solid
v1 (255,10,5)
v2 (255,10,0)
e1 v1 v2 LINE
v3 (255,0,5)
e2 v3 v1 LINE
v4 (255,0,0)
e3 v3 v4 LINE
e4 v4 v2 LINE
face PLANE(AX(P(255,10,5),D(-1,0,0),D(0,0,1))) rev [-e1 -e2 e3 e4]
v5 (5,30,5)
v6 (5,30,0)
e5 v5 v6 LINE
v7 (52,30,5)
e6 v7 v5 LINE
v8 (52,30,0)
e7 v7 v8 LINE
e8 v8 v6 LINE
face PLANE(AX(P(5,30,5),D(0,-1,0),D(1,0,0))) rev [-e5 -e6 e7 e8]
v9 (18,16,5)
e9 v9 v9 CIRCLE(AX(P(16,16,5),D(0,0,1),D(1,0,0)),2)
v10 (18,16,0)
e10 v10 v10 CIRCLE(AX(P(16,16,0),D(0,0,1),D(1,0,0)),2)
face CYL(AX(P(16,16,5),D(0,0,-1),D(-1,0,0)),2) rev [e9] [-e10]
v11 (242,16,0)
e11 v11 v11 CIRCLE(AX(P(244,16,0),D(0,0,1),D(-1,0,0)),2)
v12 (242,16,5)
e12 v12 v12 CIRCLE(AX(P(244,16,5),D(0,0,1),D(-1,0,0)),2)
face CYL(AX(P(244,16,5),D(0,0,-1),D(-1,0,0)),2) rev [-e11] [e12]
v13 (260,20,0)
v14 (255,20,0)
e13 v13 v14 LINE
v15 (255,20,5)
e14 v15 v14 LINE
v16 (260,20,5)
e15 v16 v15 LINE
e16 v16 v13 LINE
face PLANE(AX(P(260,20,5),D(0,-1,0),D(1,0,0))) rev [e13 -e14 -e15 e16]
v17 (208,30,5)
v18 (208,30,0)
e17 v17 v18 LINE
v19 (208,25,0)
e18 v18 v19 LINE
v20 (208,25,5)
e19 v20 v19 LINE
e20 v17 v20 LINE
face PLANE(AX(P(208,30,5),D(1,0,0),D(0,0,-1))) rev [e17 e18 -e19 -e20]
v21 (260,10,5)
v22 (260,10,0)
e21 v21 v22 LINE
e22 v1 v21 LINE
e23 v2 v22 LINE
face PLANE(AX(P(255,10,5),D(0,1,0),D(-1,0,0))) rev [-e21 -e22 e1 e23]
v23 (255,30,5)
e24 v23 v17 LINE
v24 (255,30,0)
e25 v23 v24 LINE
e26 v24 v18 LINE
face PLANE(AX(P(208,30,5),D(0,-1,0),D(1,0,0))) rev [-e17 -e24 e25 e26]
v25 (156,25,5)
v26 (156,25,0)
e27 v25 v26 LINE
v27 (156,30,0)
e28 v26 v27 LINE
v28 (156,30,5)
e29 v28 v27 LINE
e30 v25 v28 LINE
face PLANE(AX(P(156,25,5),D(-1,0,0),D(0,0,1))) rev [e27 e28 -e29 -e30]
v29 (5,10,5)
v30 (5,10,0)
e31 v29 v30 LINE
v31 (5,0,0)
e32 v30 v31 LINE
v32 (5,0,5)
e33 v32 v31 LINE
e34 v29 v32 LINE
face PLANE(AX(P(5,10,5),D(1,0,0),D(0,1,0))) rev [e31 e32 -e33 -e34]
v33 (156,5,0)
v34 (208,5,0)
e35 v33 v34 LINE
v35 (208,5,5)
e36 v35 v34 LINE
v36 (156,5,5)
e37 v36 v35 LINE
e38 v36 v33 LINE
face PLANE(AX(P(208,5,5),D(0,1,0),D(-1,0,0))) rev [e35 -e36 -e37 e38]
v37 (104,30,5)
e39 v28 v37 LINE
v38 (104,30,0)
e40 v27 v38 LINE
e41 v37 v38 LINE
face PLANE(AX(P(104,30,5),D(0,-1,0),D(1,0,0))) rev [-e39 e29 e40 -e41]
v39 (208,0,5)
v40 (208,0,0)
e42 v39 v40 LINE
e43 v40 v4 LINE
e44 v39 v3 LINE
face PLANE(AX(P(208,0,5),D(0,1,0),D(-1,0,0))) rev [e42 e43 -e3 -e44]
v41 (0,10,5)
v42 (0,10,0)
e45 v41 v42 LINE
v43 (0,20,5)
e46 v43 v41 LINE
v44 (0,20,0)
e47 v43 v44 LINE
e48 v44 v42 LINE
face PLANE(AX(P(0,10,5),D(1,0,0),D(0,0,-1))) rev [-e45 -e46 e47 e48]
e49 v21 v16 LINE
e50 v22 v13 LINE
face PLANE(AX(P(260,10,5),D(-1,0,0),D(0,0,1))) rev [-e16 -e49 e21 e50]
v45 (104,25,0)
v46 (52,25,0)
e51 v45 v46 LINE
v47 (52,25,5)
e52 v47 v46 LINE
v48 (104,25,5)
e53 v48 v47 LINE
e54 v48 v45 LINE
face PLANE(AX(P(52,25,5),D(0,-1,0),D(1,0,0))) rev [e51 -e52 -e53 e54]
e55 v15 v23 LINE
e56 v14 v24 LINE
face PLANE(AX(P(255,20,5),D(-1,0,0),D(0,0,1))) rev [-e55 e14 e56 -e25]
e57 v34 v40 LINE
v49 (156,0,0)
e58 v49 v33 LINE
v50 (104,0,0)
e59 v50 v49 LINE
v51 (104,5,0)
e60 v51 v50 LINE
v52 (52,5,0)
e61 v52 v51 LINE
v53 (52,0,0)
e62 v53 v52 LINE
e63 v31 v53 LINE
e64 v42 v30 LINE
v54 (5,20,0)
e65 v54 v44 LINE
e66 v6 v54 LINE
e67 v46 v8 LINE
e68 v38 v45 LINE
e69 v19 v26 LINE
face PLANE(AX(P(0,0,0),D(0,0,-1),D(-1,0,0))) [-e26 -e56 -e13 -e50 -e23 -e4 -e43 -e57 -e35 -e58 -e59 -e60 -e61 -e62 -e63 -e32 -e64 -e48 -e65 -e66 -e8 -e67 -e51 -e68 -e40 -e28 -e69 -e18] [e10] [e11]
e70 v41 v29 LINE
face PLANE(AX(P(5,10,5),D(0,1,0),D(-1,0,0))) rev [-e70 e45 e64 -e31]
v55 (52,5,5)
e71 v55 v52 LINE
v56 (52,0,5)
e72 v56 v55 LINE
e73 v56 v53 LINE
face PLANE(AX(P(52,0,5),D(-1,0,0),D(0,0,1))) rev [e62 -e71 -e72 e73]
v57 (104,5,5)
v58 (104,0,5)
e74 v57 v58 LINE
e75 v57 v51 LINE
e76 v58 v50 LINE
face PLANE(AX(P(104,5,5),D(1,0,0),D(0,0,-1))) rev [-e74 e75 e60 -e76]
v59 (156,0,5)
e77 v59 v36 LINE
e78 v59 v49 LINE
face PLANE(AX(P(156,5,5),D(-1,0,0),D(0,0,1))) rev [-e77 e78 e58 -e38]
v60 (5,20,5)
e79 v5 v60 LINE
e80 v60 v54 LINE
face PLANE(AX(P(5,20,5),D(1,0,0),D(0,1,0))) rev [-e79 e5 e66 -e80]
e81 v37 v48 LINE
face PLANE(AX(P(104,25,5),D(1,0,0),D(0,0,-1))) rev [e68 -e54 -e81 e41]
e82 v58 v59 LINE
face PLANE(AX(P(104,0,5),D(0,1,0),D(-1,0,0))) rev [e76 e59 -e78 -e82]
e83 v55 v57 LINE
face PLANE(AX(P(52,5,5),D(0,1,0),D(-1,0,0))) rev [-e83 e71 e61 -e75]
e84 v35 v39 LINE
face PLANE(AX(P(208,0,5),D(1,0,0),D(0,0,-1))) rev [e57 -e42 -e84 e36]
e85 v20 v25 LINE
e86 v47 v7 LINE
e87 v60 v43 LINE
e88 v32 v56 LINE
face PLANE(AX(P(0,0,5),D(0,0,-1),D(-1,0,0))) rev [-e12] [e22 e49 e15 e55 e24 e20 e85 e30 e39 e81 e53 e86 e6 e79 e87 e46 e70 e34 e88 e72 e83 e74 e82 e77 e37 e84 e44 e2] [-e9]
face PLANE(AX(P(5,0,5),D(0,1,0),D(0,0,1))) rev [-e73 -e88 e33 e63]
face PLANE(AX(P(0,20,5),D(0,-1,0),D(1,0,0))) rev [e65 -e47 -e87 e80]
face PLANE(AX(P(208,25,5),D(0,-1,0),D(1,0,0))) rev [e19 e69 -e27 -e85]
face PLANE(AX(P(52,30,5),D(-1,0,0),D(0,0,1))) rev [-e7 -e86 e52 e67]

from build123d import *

# Parameters (mm, degrees)
CROQUIS1_R              = 2
SALIENTE_EXTRUIR1_DEPTH = 5


with BuildPart() as part:
    # Croquis1 → Saliente-Extruir1 (new body)
    with BuildSketch(Plane.XY):
        Polygon((0, 20), (5, 20), (5, 30), (52, 30), (52, 25), (104, 25), (104, 30), (156, 30), (156, 25), (208, 25), (208, 30), (255, 30), (255, 20), (260, 20), (260, 10), (255, 10), (255, 0), (208, 0), (208, 5), (156, 5), (156, 0), (104, 0), (104, 5), (52, 5), (52, 0), (5, 0), (5, 10), (0, 10), align=None)
        with Locations((16, 16)):
            Circle(CROQUIS1_R, mode=Mode.SUBTRACT)
        with Locations(Location((244, 16, 0), (0, 0, 180))):
            Circle(CROQUIS1_R, mode=Mode.SUBTRACT)
    extrude(amount=SALIENTE_EXTRUIR1_DEPTH)


solid = part.part
